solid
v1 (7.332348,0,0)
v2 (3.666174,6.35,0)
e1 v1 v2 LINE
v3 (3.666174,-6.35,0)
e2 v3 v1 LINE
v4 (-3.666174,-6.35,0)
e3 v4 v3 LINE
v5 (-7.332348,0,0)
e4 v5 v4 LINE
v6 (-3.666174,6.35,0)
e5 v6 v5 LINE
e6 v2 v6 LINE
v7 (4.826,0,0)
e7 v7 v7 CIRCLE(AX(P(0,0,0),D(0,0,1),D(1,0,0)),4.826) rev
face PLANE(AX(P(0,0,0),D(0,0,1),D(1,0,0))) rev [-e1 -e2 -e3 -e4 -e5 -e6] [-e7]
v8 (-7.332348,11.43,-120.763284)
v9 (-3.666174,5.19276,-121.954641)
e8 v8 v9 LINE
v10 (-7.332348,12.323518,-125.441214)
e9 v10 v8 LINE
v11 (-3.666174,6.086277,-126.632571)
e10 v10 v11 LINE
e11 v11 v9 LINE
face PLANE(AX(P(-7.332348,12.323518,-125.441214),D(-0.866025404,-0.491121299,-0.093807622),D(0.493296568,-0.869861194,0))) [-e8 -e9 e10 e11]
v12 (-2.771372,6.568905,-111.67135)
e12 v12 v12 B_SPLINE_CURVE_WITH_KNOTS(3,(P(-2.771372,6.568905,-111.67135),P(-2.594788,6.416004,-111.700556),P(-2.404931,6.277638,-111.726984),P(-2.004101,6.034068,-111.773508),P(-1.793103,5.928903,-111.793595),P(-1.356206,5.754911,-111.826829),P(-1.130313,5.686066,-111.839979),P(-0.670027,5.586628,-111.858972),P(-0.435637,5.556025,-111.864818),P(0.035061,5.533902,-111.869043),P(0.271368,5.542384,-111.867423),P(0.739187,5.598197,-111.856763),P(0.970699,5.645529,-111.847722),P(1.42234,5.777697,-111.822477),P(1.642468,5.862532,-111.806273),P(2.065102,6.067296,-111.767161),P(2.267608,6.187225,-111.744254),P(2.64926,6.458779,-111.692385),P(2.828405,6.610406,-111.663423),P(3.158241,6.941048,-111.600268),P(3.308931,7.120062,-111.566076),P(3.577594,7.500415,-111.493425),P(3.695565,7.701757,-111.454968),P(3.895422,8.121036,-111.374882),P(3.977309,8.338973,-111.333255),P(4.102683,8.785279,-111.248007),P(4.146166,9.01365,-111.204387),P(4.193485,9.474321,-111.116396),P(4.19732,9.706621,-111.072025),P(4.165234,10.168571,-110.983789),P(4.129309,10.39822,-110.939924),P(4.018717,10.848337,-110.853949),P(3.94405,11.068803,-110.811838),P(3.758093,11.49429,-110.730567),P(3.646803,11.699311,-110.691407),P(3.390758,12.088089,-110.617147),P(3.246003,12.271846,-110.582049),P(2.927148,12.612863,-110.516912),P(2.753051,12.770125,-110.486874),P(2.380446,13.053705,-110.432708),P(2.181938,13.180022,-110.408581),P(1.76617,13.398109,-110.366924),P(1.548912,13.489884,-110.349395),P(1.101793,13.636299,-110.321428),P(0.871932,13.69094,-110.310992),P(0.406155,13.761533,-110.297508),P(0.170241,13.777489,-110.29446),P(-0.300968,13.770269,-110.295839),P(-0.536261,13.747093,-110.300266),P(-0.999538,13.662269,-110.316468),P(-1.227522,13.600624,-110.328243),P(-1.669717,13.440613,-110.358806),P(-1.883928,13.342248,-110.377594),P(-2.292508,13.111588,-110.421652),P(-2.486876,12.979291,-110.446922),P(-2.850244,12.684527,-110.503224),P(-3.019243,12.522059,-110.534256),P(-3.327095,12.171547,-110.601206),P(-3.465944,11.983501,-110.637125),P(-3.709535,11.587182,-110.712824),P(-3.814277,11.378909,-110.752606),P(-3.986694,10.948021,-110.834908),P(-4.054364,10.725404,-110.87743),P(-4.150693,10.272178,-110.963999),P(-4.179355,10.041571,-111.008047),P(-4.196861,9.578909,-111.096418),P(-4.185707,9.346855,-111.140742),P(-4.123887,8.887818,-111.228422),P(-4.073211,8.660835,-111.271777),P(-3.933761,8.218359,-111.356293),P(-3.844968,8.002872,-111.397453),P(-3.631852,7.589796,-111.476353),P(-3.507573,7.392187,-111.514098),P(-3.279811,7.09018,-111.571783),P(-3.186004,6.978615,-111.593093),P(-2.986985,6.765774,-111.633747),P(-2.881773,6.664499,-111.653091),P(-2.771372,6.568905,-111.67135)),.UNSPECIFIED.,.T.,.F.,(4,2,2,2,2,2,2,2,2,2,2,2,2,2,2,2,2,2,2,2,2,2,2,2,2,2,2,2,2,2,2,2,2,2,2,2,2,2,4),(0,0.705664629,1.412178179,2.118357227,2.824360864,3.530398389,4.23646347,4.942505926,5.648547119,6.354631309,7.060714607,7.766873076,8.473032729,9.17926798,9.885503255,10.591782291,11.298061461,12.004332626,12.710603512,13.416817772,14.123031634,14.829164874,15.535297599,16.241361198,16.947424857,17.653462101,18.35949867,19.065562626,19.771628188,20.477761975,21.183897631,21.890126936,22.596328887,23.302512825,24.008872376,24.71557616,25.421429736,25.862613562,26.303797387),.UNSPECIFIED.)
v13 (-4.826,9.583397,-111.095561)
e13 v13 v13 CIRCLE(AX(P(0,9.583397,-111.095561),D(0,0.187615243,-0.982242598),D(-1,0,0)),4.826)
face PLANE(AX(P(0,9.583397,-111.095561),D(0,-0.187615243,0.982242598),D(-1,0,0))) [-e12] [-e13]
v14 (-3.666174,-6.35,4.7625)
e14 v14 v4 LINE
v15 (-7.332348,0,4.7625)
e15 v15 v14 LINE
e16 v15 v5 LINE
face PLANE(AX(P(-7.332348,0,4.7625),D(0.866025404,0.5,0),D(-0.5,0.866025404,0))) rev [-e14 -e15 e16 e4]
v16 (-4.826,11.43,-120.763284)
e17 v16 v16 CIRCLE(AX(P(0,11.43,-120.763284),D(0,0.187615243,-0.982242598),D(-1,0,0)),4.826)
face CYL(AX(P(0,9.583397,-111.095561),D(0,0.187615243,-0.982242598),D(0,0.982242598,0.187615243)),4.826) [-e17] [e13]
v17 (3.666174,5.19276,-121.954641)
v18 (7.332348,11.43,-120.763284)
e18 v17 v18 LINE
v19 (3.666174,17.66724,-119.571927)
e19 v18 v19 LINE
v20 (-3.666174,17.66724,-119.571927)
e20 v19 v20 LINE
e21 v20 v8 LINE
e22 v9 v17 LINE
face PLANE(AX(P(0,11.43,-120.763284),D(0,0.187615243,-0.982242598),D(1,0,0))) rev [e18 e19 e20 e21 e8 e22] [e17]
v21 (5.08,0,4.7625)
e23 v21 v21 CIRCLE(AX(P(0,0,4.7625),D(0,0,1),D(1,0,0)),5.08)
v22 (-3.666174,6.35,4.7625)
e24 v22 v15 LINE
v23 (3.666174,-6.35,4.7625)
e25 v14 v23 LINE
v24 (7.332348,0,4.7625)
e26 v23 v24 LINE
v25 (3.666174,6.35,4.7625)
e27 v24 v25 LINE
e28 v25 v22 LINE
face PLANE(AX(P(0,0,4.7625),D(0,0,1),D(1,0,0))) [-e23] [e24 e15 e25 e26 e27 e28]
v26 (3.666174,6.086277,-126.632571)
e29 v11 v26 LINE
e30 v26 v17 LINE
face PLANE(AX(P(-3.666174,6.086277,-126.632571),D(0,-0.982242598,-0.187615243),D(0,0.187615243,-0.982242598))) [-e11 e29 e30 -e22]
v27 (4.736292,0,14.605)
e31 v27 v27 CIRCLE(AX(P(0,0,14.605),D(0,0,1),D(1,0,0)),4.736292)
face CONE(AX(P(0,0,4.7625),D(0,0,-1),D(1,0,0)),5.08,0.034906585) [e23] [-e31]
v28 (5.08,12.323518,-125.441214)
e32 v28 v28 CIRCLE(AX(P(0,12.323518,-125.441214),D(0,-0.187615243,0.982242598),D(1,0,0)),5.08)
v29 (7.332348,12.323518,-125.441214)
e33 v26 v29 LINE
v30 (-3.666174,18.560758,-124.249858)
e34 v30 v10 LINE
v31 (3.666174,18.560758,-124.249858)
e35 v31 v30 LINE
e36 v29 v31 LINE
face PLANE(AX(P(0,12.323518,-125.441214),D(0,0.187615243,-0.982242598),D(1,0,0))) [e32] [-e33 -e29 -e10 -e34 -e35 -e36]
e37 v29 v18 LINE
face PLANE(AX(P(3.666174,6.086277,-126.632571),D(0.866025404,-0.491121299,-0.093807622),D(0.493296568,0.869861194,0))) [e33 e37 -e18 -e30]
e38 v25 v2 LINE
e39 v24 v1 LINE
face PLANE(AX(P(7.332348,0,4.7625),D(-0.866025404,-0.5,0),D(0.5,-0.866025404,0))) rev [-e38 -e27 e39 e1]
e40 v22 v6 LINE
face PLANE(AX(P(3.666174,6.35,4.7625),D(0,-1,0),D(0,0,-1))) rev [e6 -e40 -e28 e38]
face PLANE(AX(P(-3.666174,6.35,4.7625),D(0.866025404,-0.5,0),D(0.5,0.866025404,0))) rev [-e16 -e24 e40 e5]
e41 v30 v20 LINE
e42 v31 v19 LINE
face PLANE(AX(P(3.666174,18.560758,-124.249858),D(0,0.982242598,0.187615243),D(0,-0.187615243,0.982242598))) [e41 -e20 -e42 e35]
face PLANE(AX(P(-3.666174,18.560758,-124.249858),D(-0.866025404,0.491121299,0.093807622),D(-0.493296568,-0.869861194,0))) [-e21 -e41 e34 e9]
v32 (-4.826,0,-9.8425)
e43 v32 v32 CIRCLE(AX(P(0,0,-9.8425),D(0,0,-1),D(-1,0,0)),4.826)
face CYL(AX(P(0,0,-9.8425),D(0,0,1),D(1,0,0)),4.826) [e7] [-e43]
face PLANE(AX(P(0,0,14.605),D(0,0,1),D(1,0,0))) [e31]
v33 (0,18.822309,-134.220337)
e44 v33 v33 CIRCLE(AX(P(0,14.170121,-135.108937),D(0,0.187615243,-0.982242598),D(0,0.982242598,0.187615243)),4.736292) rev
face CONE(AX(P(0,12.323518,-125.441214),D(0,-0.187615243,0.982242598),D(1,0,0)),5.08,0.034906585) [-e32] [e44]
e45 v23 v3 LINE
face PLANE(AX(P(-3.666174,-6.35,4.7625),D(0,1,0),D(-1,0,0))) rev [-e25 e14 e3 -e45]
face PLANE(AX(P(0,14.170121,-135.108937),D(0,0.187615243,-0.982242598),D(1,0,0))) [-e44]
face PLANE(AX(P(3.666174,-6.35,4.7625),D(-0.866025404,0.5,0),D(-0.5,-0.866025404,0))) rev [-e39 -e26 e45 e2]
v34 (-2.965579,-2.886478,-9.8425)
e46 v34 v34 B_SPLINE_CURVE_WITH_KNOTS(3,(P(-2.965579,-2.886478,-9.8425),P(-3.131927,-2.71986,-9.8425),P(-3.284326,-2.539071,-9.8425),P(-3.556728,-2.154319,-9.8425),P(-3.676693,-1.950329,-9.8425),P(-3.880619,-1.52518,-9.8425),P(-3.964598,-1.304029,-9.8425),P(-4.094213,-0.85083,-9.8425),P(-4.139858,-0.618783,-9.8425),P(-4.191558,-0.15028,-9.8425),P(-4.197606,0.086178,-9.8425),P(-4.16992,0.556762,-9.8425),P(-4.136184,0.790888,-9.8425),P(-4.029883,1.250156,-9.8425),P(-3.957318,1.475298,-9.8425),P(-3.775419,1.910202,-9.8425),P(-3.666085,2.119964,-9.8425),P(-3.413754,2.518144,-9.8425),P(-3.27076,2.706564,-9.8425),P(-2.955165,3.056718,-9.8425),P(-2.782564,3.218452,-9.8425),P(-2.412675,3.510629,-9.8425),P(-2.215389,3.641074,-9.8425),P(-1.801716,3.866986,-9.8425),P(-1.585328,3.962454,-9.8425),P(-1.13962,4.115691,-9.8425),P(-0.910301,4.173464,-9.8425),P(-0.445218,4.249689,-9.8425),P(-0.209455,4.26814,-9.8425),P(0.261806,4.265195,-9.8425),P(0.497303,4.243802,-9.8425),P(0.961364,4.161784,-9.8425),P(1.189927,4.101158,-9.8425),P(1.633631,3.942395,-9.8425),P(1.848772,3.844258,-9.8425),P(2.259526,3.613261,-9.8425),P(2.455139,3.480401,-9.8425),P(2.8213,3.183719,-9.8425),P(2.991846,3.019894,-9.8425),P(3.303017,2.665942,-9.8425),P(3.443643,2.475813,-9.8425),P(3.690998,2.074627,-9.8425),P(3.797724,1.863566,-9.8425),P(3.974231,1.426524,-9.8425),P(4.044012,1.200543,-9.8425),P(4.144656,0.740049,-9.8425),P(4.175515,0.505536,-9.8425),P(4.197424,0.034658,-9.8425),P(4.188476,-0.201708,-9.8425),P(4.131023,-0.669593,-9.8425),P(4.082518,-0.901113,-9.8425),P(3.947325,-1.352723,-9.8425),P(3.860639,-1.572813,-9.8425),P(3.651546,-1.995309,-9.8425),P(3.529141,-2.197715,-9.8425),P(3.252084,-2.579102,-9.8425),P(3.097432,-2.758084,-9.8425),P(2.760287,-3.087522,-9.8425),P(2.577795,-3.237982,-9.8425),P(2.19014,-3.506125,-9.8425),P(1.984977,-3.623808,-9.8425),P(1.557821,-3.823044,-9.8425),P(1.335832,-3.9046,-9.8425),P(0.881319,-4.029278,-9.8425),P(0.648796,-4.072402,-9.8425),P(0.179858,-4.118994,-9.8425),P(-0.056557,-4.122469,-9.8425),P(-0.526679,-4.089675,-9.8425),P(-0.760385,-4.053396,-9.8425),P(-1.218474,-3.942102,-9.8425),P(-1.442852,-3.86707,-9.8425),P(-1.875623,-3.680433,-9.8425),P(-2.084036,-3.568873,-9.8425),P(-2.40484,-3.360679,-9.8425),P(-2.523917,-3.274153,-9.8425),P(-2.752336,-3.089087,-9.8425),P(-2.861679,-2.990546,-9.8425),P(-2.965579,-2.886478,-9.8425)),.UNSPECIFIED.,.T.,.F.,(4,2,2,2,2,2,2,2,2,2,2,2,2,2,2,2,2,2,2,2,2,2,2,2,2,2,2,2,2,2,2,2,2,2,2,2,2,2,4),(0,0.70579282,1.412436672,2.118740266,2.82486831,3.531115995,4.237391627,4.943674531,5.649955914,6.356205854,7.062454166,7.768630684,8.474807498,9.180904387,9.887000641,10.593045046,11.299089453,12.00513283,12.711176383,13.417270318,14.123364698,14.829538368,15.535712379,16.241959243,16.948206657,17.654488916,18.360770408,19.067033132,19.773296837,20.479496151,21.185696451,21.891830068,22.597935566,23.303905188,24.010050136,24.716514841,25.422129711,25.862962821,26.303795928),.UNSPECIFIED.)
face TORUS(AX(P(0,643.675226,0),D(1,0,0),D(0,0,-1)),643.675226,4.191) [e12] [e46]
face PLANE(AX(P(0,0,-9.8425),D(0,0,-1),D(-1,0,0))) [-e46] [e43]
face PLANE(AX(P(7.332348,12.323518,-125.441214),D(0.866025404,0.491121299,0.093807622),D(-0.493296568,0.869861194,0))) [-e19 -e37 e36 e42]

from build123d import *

# Parameters (mm, degrees)
SKETCH2_R           = 4.191
BOSS_EXTRUDE1_DEPTH = 4.7625
SKETCH4_R           = 5.08
BOSS_EXTRUDE2_DEPTH = 9.8425
BOSS_EXTRUDE2_TAPER = 2
SKETCH6_R           = 4.826
BOSS_EXTRUDE3_DEPTH = 9.8425


with BuildPart() as part:
    # Sweep1: sweep along a path in Sketch1
    with BuildLine(Plane(origin=(0, 0, 0), x_dir=(0, 0, -1), z_dir=(1, 0, 0))) as sweep1_path:
        ThreePointArc((0, 0), (60.651495576, 2.863871037), (120.763284, 11.43))
    # Sketch2 → Sweep1 (sweep)
    with BuildSketch(Plane.XY):
        Circle(SKETCH2_R)
    sweep(path=sweep1_path.line)

    # Sketch3 → Boss-Extrude1 (add)
    with BuildSketch(Plane.XY):
        Polygon((7.332348419, 0), (3.666174209, 6.35), (-3.666174209, 6.35), (-7.332348419, 0), (-3.666174209, -6.35), (3.666174209, -6.35), align=None)
    boss_extrude1 = extrude(amount=BOSS_EXTRUDE1_DEPTH)

    # Sketch4 → Boss-Extrude2 (add)
    with BuildSketch(Plane.XY.offset(4.7625)):
        Circle(SKETCH4_R)
    boss_extrude2 = extrude(amount=BOSS_EXTRUDE2_DEPTH, taper=BOSS_EXTRUDE2_TAPER)

    # Sketch6 → Boss-Extrude3 (add)
    with BuildSketch(Plane(origin=(0, 0, 0), x_dir=(-1, 0, 0), z_dir=(0, 0, -1))):
        with Locations(Location((0, 0, 0), (0, 0, 180))):
            Circle(SKETCH6_R)
    boss_extrude3 = extrude(amount=BOSS_EXTRUDE3_DEPTH)

    # Mirror1: Boss-Extrude1, Boss-Extrude2, Boss-Extrude3 across plane
    add(boss_extrude1.mirror(Plane(origin=(0, 5.715, -60.381642), x_dir=(1, 0, 0), z_dir=(0, 0.09422686028954569, -0.9955507514938526))))
    add(boss_extrude2.mirror(Plane(origin=(0, 5.715, -60.381642), x_dir=(1, 0, 0), z_dir=(0, 0.09422686028954569, -0.9955507514938526))))
    add(boss_extrude3.mirror(Plane(origin=(0, 5.715, -60.381642), x_dir=(1, 0, 0), z_dir=(0, 0.09422686028954569, -0.9955507514938526))))


solid = part.part
